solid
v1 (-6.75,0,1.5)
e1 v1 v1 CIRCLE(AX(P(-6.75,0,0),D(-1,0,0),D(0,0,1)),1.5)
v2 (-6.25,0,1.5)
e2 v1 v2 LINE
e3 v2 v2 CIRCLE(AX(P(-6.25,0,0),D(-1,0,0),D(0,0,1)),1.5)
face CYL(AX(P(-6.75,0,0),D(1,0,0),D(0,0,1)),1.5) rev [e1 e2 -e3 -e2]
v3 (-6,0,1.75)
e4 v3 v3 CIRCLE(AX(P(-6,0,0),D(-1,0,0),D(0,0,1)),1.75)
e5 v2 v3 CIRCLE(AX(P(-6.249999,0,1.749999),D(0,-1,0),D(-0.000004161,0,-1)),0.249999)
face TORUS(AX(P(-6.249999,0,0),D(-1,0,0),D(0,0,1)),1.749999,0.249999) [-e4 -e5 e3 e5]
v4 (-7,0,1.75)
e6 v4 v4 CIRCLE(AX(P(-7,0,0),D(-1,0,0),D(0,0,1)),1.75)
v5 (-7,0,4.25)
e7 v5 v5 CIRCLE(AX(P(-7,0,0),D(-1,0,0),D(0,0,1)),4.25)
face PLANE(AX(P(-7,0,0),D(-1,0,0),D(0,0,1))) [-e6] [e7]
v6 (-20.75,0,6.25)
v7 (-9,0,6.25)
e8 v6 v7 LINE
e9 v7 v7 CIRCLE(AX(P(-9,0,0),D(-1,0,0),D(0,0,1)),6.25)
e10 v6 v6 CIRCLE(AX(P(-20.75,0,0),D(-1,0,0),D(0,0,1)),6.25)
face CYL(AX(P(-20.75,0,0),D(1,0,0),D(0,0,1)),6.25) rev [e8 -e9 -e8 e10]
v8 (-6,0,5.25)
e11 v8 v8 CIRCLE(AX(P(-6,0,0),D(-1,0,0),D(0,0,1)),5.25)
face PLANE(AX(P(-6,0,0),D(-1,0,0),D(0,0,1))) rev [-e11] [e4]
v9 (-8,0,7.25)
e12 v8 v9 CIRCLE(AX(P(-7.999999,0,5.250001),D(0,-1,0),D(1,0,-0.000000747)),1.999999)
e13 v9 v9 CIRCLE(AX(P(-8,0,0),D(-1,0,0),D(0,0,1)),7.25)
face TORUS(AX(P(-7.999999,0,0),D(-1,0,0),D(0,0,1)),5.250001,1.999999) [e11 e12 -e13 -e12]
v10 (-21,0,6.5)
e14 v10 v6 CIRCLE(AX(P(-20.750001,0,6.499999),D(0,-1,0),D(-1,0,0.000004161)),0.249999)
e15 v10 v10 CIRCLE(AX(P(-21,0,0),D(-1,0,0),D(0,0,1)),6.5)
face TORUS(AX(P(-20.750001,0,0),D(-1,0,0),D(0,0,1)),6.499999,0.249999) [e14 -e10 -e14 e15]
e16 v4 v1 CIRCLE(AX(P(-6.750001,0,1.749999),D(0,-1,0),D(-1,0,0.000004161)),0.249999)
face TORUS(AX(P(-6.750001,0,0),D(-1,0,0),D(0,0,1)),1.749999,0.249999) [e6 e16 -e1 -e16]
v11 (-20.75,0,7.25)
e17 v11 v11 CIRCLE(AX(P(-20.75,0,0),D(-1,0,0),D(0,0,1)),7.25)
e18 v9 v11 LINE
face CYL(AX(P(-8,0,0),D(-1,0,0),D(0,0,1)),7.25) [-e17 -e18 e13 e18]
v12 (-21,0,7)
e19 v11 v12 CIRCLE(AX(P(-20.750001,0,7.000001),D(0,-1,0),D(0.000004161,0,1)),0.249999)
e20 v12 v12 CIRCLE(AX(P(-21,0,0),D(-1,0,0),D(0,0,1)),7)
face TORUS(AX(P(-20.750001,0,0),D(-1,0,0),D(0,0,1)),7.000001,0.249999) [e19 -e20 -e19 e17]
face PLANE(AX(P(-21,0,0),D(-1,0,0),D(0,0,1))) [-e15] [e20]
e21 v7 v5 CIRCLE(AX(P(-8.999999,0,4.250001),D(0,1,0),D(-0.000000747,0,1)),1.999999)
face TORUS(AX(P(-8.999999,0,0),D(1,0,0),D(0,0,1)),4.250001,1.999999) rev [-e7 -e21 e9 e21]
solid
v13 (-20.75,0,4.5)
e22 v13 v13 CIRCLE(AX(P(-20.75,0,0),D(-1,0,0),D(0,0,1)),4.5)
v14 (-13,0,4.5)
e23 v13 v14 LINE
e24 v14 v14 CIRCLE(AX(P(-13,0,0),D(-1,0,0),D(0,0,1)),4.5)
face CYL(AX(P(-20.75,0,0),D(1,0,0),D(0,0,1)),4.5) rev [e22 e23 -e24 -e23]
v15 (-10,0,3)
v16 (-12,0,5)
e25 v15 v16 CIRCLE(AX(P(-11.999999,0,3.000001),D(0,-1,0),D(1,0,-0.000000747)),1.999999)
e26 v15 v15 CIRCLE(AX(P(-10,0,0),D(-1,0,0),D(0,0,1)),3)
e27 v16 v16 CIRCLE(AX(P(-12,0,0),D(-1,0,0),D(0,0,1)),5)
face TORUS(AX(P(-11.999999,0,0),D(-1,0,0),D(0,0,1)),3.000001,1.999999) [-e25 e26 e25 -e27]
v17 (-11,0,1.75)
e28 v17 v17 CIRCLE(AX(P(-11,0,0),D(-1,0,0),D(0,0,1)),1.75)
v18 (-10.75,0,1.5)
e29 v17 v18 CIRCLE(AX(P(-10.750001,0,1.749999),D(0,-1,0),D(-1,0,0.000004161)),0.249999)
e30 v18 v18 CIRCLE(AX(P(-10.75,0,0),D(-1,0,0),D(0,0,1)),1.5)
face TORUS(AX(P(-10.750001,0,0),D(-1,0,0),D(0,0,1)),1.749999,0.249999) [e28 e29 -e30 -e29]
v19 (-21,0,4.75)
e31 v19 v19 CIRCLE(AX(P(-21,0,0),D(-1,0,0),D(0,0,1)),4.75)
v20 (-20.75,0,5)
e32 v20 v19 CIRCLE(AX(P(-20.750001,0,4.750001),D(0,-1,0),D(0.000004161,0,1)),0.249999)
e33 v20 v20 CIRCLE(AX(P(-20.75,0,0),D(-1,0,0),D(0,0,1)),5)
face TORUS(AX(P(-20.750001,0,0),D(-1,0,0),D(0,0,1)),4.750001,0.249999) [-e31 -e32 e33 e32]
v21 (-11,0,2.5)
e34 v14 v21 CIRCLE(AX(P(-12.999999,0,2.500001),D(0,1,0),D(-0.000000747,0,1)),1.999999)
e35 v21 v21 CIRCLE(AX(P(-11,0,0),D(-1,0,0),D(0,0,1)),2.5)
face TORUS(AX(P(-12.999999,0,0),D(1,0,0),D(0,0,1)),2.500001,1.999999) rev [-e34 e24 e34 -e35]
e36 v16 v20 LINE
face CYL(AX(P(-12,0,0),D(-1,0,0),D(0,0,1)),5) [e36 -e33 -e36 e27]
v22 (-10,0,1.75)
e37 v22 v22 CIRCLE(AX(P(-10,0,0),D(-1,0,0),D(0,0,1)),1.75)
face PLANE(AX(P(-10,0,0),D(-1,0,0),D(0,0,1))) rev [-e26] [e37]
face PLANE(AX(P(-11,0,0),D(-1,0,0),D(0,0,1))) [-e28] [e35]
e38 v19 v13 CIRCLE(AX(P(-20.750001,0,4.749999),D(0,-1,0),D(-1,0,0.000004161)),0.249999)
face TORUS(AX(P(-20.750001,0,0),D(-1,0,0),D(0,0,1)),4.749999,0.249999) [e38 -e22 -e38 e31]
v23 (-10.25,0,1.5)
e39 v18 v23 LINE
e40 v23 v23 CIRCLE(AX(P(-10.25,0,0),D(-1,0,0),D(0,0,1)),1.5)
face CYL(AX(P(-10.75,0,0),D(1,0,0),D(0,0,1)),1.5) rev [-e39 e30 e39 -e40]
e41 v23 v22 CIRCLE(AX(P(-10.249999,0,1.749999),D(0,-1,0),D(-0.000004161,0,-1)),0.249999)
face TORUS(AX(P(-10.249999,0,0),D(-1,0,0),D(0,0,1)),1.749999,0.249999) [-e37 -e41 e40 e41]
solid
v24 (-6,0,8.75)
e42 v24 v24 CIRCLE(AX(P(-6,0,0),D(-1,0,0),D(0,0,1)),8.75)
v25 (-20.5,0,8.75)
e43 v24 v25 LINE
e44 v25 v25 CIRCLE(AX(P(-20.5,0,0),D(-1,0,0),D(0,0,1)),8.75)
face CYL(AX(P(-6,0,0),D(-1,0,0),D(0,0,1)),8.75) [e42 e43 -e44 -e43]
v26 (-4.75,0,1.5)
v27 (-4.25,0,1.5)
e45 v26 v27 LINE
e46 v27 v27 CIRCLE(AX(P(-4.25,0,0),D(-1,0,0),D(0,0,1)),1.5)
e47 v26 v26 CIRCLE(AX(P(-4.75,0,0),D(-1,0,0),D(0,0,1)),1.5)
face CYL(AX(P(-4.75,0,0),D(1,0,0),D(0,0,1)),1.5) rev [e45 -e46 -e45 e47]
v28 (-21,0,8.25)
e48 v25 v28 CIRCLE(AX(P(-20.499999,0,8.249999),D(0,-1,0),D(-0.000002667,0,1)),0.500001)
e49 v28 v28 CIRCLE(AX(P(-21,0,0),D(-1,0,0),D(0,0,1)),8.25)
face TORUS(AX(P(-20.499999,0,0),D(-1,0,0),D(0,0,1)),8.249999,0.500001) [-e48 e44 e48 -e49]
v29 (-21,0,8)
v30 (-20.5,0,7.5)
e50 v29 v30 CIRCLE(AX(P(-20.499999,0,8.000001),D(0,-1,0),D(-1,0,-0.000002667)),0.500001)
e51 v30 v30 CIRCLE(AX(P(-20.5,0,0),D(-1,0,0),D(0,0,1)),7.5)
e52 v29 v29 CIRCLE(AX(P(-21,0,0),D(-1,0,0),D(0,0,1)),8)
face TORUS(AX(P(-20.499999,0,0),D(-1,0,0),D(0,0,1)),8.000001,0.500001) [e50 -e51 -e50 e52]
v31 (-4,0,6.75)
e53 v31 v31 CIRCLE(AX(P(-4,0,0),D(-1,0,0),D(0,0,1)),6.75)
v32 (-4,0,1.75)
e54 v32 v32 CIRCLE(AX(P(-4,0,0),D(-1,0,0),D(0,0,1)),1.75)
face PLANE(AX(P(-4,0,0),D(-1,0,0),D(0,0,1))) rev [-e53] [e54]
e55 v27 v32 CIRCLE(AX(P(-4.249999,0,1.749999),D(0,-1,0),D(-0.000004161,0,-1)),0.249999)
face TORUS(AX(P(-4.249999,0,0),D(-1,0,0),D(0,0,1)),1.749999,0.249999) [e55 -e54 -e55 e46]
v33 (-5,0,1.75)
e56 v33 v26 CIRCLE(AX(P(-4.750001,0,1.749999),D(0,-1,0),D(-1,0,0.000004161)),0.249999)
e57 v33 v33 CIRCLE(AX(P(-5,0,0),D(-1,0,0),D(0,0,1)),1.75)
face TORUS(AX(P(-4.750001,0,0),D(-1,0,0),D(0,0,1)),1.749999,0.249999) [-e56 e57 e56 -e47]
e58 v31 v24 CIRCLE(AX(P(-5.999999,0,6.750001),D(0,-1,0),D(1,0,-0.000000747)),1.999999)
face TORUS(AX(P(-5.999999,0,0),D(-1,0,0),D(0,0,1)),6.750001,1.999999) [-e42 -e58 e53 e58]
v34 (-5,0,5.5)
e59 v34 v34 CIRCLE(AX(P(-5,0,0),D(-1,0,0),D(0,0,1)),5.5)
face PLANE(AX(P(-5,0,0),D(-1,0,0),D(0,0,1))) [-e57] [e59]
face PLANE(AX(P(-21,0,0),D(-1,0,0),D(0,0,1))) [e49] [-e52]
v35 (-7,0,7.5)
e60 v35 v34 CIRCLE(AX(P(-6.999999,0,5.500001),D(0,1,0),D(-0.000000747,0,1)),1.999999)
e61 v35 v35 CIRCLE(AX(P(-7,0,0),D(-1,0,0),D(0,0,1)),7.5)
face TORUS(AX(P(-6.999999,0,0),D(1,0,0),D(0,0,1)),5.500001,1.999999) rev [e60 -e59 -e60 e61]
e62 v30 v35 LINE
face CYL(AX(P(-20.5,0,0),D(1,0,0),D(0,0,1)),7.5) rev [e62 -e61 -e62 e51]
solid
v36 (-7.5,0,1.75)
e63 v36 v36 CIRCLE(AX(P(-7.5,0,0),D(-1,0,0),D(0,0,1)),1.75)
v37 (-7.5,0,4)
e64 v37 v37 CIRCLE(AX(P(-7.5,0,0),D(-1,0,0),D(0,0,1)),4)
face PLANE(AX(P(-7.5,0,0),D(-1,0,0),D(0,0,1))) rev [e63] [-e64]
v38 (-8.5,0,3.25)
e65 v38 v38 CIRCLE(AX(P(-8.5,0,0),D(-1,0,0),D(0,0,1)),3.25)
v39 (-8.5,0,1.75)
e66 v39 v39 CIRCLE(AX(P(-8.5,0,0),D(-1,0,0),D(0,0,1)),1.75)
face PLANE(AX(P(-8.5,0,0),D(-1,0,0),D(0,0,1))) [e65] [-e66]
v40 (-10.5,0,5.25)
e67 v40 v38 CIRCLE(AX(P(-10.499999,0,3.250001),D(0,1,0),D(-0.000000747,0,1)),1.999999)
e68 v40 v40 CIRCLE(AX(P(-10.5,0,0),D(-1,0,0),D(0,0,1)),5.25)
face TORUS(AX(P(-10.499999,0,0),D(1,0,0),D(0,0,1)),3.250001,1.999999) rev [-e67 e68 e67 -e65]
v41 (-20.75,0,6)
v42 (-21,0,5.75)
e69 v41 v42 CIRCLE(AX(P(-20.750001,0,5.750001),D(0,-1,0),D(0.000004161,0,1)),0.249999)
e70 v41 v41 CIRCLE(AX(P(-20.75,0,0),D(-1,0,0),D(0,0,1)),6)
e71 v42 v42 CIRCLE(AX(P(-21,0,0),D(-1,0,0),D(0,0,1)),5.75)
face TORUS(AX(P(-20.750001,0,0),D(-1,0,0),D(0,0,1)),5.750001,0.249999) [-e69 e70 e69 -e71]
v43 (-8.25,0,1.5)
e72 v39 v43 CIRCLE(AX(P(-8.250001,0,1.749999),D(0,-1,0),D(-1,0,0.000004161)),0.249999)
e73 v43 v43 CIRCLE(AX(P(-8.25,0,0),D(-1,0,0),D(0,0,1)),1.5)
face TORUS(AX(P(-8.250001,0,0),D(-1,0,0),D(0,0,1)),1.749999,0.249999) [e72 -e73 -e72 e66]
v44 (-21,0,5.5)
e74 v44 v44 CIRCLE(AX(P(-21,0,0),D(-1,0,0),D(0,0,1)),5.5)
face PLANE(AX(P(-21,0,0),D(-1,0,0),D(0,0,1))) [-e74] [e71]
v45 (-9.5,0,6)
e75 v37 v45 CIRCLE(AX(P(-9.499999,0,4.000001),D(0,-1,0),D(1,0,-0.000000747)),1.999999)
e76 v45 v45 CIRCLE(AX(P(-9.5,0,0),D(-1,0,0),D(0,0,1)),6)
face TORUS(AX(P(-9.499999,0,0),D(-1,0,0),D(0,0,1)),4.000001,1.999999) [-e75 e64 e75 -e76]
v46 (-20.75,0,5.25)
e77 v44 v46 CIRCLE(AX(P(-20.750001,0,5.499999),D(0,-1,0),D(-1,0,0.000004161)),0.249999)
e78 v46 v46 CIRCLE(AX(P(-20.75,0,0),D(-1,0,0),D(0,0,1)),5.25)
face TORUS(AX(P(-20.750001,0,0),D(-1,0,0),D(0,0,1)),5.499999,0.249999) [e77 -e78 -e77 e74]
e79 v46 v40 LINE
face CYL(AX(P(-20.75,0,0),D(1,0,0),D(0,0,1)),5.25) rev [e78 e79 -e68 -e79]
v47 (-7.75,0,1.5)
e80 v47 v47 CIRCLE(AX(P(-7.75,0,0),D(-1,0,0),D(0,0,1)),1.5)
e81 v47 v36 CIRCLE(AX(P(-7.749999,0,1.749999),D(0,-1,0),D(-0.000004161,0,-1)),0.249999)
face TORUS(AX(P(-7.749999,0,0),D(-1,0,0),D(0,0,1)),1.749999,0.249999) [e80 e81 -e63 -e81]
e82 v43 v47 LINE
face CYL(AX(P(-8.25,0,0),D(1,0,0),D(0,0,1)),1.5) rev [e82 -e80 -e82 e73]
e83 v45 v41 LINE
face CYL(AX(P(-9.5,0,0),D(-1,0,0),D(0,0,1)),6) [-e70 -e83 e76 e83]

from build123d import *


with BuildPart() as f1:
    # F0 (on Front) → F1 (revolve)
    with BuildSketch(Plane.XZ):
        with BuildLine():
            ThreePointArc((-4.25, 1.5), (-4.073223, 1.573223), (-4, 1.75))
            Line((-4, 1.75), (-4, 6.75))
            ThreePointArc((-4, 6.75), (-4.585786, 8.164214), (-6, 8.75))
            Line((-6, 8.75), (-20.5, 8.75))
            ThreePointArc((-20.5, 8.75), (-20.853553, 8.603553), (-21, 8.25))
            Line((-21, 8.25), (-21, 8))
            ThreePointArc((-21, 8), (-20.853553, 7.646447), (-20.5, 7.5))
            Line((-20.5, 7.5), (-7, 7.5))
            ThreePointArc((-7, 7.5), (-5.585786, 6.914214), (-5, 5.5))
            Line((-5, 5.5), (-5, 1.75))
            ThreePointArc((-5, 1.75), (-4.926777, 1.573223), (-4.75, 1.5))
            Line((-4.75, 1.5), (-4.25, 1.5))
        make_face()
        with BuildLine():
            ThreePointArc((-6.25, 1.5), (-6.073223, 1.573223), (-6, 1.75))
            Line((-6, 1.75), (-6, 5.25))
            ThreePointArc((-6, 5.25), (-6.585786, 6.664214), (-8, 7.25))
            Line((-8, 7.25), (-20.75, 7.25))
            ThreePointArc((-20.75, 7.25), (-20.926777, 7.176777), (-21, 7))
            Line((-21, 7), (-21, 6.5))
            ThreePointArc((-21, 6.5), (-20.926777, 6.323223), (-20.75, 6.25))
            Line((-20.75, 6.25), (-9, 6.25))
            ThreePointArc((-9, 6.25), (-7.585786, 5.664214), (-7, 4.25))
            Line((-7, 4.25), (-7, 1.75))
            ThreePointArc((-7, 1.75), (-6.926777, 1.573223), (-6.75, 1.5))
            Line((-6.75, 1.5), (-6.25, 1.5))
        make_face()
        with BuildLine():
            ThreePointArc((-7.75, 1.5), (-7.573223, 1.573223), (-7.5, 1.75))
            Line((-7.5, 1.75), (-7.5, 4))
            ThreePointArc((-7.5, 4), (-8.085786, 5.414214), (-9.5, 6))
            Line((-9.5, 6), (-20.75, 6))
            ThreePointArc((-20.75, 6), (-20.926777, 5.926777), (-21, 5.75))
            Line((-21, 5.75), (-21, 5.5))
            ThreePointArc((-21, 5.5), (-20.926777, 5.323223), (-20.75, 5.25))
            Line((-20.75, 5.25), (-10.5, 5.25))
            ThreePointArc((-10.5, 5.25), (-9.085786, 4.664214), (-8.5, 3.25))
            Line((-8.5, 3.25), (-8.5, 1.75))
            ThreePointArc((-8.5, 1.75), (-8.426777, 1.573223), (-8.25, 1.5))
            Line((-8.25, 1.5), (-7.75, 1.5))
        make_face()
        with BuildLine():
            ThreePointArc((-10.25, 1.5), (-10.073223, 1.573223), (-10, 1.75))
            Line((-10, 1.75), (-10, 3))
            ThreePointArc((-10, 3), (-10.585786, 4.414214), (-12, 5))
            Line((-12, 5), (-20.75, 5))
            ThreePointArc((-20.75, 5), (-20.926777, 4.926777), (-21, 4.75))
            ThreePointArc((-21, 4.75), (-20.926777, 4.573223), (-20.75, 4.5))
            Line((-20.75, 4.5), (-13, 4.5))
            ThreePointArc((-13, 4.5), (-11.585786, 3.914214), (-11, 2.5))
            Line((-11, 2.5), (-11, 1.75))
            ThreePointArc((-11, 1.75), (-10.926777, 1.573223), (-10.75, 1.5))
            Line((-10.75, 1.5), (-10.25, 1.5))
        make_face()
    revolve(axis=Axis((-5.151168, 0, 0), (-1, 0, 0)))


solid = f1.part
